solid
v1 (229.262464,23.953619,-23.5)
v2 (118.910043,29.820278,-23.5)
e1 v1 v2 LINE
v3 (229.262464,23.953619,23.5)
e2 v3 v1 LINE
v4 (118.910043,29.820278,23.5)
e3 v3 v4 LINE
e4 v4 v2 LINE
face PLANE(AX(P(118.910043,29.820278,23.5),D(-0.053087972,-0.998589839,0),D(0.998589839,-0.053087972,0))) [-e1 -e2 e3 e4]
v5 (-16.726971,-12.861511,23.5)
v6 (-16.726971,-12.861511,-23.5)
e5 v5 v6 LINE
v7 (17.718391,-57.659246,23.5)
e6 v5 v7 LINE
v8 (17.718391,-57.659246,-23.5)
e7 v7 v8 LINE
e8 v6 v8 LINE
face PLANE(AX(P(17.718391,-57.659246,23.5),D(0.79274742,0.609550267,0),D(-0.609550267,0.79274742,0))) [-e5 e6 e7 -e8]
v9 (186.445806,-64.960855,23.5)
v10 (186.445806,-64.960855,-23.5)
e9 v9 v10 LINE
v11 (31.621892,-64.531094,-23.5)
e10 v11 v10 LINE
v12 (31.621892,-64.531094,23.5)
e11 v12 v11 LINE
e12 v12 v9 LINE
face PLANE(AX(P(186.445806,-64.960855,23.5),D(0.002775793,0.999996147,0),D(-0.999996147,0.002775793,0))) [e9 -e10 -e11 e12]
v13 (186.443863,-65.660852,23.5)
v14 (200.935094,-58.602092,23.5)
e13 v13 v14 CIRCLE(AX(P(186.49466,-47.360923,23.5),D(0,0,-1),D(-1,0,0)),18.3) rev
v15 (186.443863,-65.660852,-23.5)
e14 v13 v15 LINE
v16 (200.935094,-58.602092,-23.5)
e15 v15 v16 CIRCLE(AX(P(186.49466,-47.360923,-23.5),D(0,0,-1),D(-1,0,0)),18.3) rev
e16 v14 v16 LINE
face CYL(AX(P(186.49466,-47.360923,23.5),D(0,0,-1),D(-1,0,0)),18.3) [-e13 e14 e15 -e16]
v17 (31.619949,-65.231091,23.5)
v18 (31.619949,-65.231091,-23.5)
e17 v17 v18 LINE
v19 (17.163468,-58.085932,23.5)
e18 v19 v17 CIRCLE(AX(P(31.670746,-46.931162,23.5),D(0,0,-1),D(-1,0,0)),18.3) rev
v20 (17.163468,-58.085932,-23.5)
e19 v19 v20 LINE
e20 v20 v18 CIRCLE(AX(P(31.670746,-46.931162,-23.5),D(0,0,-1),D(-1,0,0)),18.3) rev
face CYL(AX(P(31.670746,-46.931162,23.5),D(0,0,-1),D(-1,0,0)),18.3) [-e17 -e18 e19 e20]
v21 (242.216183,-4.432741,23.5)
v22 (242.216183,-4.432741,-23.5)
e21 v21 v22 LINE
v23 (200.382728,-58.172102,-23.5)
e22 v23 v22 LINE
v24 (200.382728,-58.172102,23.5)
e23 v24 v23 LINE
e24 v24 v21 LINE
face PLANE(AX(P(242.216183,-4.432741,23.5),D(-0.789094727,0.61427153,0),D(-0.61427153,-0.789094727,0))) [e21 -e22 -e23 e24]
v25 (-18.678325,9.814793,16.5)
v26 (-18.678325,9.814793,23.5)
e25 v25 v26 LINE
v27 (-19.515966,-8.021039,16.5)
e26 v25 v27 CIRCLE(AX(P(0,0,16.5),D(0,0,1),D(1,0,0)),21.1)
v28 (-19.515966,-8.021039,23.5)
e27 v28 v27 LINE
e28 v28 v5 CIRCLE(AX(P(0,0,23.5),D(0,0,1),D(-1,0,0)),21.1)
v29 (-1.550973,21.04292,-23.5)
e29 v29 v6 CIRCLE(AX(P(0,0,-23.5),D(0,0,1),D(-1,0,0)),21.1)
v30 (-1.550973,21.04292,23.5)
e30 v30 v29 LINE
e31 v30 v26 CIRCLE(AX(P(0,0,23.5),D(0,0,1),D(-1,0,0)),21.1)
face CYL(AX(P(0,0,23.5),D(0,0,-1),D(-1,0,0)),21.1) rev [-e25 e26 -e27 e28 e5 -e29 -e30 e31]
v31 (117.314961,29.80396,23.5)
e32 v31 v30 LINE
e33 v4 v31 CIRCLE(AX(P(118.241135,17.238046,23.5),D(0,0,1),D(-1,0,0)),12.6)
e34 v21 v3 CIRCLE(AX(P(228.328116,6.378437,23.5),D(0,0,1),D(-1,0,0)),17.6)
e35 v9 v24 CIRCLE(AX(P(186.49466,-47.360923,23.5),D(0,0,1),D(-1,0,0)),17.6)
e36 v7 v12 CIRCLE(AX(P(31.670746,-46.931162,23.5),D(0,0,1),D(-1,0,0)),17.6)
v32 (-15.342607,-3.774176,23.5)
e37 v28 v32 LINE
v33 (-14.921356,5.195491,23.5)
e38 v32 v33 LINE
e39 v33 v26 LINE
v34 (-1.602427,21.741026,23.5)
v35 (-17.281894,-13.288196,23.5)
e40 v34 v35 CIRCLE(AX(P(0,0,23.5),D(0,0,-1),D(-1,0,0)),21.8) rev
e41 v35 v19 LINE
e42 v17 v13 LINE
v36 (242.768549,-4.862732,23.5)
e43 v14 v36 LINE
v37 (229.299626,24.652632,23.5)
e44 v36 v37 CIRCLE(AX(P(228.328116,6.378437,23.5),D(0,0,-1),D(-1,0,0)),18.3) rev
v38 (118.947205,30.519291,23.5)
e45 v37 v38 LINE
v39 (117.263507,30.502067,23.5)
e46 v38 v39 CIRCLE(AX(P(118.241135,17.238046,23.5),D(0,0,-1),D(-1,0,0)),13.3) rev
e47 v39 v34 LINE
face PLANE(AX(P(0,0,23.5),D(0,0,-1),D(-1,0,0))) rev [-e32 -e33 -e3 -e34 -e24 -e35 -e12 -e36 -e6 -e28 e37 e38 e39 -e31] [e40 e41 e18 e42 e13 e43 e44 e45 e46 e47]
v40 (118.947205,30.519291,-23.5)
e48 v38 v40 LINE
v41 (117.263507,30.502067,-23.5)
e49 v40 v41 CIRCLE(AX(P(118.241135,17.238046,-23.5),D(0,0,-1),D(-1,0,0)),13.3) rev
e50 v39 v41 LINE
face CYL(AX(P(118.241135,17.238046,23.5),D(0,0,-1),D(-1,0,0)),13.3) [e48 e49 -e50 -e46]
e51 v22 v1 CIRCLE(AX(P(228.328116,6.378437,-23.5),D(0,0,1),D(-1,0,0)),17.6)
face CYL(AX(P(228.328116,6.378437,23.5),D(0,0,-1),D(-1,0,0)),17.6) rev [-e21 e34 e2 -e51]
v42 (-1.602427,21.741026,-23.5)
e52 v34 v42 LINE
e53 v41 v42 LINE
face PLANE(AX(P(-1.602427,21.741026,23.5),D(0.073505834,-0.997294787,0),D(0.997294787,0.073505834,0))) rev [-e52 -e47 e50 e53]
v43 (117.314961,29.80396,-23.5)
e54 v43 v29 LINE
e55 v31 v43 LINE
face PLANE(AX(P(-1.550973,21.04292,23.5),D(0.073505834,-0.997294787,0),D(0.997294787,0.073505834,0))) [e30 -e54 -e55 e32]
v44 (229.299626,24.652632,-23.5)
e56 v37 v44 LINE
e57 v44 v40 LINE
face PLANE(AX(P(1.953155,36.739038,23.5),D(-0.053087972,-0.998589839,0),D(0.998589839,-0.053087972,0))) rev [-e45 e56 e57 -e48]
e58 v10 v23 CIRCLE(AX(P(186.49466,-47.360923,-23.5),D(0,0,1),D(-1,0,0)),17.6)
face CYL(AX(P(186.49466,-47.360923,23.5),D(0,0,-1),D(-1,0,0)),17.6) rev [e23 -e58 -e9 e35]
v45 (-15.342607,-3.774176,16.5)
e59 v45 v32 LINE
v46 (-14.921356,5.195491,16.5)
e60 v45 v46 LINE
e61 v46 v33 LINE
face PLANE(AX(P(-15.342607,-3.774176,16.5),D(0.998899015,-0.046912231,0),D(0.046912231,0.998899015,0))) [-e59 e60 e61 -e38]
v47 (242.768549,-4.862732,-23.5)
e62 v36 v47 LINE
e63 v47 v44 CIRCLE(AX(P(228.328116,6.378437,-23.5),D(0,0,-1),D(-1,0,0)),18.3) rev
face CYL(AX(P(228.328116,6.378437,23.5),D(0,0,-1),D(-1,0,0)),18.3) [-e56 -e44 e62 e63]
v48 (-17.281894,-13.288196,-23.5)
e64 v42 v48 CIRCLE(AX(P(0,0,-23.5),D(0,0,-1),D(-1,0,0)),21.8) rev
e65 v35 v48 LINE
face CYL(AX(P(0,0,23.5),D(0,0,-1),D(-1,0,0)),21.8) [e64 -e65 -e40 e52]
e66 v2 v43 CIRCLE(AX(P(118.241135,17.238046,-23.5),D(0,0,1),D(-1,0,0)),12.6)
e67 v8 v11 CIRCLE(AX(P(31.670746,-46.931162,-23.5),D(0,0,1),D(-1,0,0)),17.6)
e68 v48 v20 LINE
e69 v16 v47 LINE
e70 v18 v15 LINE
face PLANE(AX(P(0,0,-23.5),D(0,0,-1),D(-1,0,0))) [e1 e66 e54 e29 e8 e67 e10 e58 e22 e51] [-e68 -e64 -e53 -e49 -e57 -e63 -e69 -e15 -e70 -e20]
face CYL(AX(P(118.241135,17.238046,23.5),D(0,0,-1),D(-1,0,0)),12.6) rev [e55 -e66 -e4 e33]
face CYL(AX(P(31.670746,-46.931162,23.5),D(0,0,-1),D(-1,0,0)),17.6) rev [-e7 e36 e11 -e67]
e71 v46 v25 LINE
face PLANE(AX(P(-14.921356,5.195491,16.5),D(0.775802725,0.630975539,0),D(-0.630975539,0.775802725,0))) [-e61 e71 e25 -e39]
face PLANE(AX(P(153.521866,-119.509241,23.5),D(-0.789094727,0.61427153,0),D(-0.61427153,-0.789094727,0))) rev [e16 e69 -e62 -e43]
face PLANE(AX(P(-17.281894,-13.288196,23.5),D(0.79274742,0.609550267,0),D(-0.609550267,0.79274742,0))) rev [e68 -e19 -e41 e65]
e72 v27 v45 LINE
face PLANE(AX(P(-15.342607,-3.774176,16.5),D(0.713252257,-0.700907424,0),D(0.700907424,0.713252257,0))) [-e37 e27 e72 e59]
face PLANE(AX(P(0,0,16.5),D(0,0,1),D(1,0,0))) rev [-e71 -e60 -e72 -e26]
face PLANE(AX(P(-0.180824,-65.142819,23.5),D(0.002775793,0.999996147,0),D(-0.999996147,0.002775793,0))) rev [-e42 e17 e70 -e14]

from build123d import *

# Parameters (mm, degrees)
EXTRUDE_THIN1_DEPTH = 23.5
BOSS_EXTRUDE1_DEPTH = 7


with BuildPart() as part:
    # Sketch2 → Extrude-Thin1 (new, symmetric)
    with BuildSketch(Plane.XY):
        with BuildLine():
            Line((17.163468236, -58.085931667), (-17.281893756, -13.288195823))
            ThreePointArc((-17.281893756, -13.288195823), (-19.897637951, 8.906402414), (-1.60242719, 21.741026358))
            Line((-1.60242719, 21.741026358), (117.263507159, 30.502066523))
            ThreePointArc((117.263507159, 30.502066523), (118.105083127, 30.537349971), (118.94720479, 30.519290718))
            Line((118.94720479, 30.519290718), (229.299625502, 24.652631518))
            ThreePointArc((229.299625502, 24.652631518), (244.976573908, 13.975728829), (242.768549107, -4.862731534))
            Line((242.768549107, -4.862731534), (200.935093877, -58.602091631))
            ThreePointArc((200.935093877, -58.602091631), (194.508519277, -63.812915391), (186.443863356, -65.660852138))
            Line((186.443863356, -65.660852138), (31.619949002, -65.231091278))
            ThreePointArc((31.619949002, -65.231091278), (23.562249738, -63.336718399), (17.163468236, -58.085931667))
        make_face()
        with BuildLine():
            Line((17.71839143, -57.65924648), (-16.726970562, -12.861510636))
            ThreePointArc((-16.726970562, -12.861510636), (-19.258722971, 8.620417015), (-1.550973106, 21.042920007))
            Line((-1.550973106, 21.042920007), (117.314961243, 29.803960172))
            ThreePointArc((117.314961243, 29.803960172), (118.112243739, 29.837386596), (118.910043209, 29.820277831))
            Line((118.910043209, 29.820277831), (229.262463921, 23.95361863))
            ThreePointArc((229.262463921, 23.95361863), (244.339747634, 13.685122055), (242.216182798, -4.432741463))
            Line((242.216182798, -4.432741463), (200.382727568, -58.17210156))
            ThreePointArc((200.382727568, -58.17210156), (194.201978227, -63.183604192), (186.445806412, -64.960854834))
            Line((186.445806412, -64.960854834), (31.621892057, -64.531093975))
            ThreePointArc((31.621892057, -64.531093975), (23.872410798, -62.709183447), (17.71839143, -57.65924648))
        make_face(mode=Mode.SUBTRACT)
    extrude(amount=EXTRUDE_THIN1_DEPTH, both=True)

    # Sketch3 → Boss-Extrude1 (add)
    with BuildSketch(Plane.XY.offset(23.5)):
        with BuildLine():
            Line((-15.342607214, -3.774175921), (-14.921356346, 5.195490812))
            Line((-14.921356346, 5.195490812), (-18.814600986, 9.982348011))
            Line((-18.814600986, 9.982348011), (-19.366834284, 10.008283061))
            ThreePointArc((-19.366834284, 10.008283061), (-21.78121341, 0.904843849), (-20.130207607, -8.367481205))
            Line((-20.130207607, -8.367481205), (-19.667345501, -8.175084284))
            Line((-19.667345501, -8.175084284), (-15.342607214, -3.774175921))
        make_face()
    extrude(amount=-BOSS_EXTRUDE1_DEPTH)


solid = part.part
